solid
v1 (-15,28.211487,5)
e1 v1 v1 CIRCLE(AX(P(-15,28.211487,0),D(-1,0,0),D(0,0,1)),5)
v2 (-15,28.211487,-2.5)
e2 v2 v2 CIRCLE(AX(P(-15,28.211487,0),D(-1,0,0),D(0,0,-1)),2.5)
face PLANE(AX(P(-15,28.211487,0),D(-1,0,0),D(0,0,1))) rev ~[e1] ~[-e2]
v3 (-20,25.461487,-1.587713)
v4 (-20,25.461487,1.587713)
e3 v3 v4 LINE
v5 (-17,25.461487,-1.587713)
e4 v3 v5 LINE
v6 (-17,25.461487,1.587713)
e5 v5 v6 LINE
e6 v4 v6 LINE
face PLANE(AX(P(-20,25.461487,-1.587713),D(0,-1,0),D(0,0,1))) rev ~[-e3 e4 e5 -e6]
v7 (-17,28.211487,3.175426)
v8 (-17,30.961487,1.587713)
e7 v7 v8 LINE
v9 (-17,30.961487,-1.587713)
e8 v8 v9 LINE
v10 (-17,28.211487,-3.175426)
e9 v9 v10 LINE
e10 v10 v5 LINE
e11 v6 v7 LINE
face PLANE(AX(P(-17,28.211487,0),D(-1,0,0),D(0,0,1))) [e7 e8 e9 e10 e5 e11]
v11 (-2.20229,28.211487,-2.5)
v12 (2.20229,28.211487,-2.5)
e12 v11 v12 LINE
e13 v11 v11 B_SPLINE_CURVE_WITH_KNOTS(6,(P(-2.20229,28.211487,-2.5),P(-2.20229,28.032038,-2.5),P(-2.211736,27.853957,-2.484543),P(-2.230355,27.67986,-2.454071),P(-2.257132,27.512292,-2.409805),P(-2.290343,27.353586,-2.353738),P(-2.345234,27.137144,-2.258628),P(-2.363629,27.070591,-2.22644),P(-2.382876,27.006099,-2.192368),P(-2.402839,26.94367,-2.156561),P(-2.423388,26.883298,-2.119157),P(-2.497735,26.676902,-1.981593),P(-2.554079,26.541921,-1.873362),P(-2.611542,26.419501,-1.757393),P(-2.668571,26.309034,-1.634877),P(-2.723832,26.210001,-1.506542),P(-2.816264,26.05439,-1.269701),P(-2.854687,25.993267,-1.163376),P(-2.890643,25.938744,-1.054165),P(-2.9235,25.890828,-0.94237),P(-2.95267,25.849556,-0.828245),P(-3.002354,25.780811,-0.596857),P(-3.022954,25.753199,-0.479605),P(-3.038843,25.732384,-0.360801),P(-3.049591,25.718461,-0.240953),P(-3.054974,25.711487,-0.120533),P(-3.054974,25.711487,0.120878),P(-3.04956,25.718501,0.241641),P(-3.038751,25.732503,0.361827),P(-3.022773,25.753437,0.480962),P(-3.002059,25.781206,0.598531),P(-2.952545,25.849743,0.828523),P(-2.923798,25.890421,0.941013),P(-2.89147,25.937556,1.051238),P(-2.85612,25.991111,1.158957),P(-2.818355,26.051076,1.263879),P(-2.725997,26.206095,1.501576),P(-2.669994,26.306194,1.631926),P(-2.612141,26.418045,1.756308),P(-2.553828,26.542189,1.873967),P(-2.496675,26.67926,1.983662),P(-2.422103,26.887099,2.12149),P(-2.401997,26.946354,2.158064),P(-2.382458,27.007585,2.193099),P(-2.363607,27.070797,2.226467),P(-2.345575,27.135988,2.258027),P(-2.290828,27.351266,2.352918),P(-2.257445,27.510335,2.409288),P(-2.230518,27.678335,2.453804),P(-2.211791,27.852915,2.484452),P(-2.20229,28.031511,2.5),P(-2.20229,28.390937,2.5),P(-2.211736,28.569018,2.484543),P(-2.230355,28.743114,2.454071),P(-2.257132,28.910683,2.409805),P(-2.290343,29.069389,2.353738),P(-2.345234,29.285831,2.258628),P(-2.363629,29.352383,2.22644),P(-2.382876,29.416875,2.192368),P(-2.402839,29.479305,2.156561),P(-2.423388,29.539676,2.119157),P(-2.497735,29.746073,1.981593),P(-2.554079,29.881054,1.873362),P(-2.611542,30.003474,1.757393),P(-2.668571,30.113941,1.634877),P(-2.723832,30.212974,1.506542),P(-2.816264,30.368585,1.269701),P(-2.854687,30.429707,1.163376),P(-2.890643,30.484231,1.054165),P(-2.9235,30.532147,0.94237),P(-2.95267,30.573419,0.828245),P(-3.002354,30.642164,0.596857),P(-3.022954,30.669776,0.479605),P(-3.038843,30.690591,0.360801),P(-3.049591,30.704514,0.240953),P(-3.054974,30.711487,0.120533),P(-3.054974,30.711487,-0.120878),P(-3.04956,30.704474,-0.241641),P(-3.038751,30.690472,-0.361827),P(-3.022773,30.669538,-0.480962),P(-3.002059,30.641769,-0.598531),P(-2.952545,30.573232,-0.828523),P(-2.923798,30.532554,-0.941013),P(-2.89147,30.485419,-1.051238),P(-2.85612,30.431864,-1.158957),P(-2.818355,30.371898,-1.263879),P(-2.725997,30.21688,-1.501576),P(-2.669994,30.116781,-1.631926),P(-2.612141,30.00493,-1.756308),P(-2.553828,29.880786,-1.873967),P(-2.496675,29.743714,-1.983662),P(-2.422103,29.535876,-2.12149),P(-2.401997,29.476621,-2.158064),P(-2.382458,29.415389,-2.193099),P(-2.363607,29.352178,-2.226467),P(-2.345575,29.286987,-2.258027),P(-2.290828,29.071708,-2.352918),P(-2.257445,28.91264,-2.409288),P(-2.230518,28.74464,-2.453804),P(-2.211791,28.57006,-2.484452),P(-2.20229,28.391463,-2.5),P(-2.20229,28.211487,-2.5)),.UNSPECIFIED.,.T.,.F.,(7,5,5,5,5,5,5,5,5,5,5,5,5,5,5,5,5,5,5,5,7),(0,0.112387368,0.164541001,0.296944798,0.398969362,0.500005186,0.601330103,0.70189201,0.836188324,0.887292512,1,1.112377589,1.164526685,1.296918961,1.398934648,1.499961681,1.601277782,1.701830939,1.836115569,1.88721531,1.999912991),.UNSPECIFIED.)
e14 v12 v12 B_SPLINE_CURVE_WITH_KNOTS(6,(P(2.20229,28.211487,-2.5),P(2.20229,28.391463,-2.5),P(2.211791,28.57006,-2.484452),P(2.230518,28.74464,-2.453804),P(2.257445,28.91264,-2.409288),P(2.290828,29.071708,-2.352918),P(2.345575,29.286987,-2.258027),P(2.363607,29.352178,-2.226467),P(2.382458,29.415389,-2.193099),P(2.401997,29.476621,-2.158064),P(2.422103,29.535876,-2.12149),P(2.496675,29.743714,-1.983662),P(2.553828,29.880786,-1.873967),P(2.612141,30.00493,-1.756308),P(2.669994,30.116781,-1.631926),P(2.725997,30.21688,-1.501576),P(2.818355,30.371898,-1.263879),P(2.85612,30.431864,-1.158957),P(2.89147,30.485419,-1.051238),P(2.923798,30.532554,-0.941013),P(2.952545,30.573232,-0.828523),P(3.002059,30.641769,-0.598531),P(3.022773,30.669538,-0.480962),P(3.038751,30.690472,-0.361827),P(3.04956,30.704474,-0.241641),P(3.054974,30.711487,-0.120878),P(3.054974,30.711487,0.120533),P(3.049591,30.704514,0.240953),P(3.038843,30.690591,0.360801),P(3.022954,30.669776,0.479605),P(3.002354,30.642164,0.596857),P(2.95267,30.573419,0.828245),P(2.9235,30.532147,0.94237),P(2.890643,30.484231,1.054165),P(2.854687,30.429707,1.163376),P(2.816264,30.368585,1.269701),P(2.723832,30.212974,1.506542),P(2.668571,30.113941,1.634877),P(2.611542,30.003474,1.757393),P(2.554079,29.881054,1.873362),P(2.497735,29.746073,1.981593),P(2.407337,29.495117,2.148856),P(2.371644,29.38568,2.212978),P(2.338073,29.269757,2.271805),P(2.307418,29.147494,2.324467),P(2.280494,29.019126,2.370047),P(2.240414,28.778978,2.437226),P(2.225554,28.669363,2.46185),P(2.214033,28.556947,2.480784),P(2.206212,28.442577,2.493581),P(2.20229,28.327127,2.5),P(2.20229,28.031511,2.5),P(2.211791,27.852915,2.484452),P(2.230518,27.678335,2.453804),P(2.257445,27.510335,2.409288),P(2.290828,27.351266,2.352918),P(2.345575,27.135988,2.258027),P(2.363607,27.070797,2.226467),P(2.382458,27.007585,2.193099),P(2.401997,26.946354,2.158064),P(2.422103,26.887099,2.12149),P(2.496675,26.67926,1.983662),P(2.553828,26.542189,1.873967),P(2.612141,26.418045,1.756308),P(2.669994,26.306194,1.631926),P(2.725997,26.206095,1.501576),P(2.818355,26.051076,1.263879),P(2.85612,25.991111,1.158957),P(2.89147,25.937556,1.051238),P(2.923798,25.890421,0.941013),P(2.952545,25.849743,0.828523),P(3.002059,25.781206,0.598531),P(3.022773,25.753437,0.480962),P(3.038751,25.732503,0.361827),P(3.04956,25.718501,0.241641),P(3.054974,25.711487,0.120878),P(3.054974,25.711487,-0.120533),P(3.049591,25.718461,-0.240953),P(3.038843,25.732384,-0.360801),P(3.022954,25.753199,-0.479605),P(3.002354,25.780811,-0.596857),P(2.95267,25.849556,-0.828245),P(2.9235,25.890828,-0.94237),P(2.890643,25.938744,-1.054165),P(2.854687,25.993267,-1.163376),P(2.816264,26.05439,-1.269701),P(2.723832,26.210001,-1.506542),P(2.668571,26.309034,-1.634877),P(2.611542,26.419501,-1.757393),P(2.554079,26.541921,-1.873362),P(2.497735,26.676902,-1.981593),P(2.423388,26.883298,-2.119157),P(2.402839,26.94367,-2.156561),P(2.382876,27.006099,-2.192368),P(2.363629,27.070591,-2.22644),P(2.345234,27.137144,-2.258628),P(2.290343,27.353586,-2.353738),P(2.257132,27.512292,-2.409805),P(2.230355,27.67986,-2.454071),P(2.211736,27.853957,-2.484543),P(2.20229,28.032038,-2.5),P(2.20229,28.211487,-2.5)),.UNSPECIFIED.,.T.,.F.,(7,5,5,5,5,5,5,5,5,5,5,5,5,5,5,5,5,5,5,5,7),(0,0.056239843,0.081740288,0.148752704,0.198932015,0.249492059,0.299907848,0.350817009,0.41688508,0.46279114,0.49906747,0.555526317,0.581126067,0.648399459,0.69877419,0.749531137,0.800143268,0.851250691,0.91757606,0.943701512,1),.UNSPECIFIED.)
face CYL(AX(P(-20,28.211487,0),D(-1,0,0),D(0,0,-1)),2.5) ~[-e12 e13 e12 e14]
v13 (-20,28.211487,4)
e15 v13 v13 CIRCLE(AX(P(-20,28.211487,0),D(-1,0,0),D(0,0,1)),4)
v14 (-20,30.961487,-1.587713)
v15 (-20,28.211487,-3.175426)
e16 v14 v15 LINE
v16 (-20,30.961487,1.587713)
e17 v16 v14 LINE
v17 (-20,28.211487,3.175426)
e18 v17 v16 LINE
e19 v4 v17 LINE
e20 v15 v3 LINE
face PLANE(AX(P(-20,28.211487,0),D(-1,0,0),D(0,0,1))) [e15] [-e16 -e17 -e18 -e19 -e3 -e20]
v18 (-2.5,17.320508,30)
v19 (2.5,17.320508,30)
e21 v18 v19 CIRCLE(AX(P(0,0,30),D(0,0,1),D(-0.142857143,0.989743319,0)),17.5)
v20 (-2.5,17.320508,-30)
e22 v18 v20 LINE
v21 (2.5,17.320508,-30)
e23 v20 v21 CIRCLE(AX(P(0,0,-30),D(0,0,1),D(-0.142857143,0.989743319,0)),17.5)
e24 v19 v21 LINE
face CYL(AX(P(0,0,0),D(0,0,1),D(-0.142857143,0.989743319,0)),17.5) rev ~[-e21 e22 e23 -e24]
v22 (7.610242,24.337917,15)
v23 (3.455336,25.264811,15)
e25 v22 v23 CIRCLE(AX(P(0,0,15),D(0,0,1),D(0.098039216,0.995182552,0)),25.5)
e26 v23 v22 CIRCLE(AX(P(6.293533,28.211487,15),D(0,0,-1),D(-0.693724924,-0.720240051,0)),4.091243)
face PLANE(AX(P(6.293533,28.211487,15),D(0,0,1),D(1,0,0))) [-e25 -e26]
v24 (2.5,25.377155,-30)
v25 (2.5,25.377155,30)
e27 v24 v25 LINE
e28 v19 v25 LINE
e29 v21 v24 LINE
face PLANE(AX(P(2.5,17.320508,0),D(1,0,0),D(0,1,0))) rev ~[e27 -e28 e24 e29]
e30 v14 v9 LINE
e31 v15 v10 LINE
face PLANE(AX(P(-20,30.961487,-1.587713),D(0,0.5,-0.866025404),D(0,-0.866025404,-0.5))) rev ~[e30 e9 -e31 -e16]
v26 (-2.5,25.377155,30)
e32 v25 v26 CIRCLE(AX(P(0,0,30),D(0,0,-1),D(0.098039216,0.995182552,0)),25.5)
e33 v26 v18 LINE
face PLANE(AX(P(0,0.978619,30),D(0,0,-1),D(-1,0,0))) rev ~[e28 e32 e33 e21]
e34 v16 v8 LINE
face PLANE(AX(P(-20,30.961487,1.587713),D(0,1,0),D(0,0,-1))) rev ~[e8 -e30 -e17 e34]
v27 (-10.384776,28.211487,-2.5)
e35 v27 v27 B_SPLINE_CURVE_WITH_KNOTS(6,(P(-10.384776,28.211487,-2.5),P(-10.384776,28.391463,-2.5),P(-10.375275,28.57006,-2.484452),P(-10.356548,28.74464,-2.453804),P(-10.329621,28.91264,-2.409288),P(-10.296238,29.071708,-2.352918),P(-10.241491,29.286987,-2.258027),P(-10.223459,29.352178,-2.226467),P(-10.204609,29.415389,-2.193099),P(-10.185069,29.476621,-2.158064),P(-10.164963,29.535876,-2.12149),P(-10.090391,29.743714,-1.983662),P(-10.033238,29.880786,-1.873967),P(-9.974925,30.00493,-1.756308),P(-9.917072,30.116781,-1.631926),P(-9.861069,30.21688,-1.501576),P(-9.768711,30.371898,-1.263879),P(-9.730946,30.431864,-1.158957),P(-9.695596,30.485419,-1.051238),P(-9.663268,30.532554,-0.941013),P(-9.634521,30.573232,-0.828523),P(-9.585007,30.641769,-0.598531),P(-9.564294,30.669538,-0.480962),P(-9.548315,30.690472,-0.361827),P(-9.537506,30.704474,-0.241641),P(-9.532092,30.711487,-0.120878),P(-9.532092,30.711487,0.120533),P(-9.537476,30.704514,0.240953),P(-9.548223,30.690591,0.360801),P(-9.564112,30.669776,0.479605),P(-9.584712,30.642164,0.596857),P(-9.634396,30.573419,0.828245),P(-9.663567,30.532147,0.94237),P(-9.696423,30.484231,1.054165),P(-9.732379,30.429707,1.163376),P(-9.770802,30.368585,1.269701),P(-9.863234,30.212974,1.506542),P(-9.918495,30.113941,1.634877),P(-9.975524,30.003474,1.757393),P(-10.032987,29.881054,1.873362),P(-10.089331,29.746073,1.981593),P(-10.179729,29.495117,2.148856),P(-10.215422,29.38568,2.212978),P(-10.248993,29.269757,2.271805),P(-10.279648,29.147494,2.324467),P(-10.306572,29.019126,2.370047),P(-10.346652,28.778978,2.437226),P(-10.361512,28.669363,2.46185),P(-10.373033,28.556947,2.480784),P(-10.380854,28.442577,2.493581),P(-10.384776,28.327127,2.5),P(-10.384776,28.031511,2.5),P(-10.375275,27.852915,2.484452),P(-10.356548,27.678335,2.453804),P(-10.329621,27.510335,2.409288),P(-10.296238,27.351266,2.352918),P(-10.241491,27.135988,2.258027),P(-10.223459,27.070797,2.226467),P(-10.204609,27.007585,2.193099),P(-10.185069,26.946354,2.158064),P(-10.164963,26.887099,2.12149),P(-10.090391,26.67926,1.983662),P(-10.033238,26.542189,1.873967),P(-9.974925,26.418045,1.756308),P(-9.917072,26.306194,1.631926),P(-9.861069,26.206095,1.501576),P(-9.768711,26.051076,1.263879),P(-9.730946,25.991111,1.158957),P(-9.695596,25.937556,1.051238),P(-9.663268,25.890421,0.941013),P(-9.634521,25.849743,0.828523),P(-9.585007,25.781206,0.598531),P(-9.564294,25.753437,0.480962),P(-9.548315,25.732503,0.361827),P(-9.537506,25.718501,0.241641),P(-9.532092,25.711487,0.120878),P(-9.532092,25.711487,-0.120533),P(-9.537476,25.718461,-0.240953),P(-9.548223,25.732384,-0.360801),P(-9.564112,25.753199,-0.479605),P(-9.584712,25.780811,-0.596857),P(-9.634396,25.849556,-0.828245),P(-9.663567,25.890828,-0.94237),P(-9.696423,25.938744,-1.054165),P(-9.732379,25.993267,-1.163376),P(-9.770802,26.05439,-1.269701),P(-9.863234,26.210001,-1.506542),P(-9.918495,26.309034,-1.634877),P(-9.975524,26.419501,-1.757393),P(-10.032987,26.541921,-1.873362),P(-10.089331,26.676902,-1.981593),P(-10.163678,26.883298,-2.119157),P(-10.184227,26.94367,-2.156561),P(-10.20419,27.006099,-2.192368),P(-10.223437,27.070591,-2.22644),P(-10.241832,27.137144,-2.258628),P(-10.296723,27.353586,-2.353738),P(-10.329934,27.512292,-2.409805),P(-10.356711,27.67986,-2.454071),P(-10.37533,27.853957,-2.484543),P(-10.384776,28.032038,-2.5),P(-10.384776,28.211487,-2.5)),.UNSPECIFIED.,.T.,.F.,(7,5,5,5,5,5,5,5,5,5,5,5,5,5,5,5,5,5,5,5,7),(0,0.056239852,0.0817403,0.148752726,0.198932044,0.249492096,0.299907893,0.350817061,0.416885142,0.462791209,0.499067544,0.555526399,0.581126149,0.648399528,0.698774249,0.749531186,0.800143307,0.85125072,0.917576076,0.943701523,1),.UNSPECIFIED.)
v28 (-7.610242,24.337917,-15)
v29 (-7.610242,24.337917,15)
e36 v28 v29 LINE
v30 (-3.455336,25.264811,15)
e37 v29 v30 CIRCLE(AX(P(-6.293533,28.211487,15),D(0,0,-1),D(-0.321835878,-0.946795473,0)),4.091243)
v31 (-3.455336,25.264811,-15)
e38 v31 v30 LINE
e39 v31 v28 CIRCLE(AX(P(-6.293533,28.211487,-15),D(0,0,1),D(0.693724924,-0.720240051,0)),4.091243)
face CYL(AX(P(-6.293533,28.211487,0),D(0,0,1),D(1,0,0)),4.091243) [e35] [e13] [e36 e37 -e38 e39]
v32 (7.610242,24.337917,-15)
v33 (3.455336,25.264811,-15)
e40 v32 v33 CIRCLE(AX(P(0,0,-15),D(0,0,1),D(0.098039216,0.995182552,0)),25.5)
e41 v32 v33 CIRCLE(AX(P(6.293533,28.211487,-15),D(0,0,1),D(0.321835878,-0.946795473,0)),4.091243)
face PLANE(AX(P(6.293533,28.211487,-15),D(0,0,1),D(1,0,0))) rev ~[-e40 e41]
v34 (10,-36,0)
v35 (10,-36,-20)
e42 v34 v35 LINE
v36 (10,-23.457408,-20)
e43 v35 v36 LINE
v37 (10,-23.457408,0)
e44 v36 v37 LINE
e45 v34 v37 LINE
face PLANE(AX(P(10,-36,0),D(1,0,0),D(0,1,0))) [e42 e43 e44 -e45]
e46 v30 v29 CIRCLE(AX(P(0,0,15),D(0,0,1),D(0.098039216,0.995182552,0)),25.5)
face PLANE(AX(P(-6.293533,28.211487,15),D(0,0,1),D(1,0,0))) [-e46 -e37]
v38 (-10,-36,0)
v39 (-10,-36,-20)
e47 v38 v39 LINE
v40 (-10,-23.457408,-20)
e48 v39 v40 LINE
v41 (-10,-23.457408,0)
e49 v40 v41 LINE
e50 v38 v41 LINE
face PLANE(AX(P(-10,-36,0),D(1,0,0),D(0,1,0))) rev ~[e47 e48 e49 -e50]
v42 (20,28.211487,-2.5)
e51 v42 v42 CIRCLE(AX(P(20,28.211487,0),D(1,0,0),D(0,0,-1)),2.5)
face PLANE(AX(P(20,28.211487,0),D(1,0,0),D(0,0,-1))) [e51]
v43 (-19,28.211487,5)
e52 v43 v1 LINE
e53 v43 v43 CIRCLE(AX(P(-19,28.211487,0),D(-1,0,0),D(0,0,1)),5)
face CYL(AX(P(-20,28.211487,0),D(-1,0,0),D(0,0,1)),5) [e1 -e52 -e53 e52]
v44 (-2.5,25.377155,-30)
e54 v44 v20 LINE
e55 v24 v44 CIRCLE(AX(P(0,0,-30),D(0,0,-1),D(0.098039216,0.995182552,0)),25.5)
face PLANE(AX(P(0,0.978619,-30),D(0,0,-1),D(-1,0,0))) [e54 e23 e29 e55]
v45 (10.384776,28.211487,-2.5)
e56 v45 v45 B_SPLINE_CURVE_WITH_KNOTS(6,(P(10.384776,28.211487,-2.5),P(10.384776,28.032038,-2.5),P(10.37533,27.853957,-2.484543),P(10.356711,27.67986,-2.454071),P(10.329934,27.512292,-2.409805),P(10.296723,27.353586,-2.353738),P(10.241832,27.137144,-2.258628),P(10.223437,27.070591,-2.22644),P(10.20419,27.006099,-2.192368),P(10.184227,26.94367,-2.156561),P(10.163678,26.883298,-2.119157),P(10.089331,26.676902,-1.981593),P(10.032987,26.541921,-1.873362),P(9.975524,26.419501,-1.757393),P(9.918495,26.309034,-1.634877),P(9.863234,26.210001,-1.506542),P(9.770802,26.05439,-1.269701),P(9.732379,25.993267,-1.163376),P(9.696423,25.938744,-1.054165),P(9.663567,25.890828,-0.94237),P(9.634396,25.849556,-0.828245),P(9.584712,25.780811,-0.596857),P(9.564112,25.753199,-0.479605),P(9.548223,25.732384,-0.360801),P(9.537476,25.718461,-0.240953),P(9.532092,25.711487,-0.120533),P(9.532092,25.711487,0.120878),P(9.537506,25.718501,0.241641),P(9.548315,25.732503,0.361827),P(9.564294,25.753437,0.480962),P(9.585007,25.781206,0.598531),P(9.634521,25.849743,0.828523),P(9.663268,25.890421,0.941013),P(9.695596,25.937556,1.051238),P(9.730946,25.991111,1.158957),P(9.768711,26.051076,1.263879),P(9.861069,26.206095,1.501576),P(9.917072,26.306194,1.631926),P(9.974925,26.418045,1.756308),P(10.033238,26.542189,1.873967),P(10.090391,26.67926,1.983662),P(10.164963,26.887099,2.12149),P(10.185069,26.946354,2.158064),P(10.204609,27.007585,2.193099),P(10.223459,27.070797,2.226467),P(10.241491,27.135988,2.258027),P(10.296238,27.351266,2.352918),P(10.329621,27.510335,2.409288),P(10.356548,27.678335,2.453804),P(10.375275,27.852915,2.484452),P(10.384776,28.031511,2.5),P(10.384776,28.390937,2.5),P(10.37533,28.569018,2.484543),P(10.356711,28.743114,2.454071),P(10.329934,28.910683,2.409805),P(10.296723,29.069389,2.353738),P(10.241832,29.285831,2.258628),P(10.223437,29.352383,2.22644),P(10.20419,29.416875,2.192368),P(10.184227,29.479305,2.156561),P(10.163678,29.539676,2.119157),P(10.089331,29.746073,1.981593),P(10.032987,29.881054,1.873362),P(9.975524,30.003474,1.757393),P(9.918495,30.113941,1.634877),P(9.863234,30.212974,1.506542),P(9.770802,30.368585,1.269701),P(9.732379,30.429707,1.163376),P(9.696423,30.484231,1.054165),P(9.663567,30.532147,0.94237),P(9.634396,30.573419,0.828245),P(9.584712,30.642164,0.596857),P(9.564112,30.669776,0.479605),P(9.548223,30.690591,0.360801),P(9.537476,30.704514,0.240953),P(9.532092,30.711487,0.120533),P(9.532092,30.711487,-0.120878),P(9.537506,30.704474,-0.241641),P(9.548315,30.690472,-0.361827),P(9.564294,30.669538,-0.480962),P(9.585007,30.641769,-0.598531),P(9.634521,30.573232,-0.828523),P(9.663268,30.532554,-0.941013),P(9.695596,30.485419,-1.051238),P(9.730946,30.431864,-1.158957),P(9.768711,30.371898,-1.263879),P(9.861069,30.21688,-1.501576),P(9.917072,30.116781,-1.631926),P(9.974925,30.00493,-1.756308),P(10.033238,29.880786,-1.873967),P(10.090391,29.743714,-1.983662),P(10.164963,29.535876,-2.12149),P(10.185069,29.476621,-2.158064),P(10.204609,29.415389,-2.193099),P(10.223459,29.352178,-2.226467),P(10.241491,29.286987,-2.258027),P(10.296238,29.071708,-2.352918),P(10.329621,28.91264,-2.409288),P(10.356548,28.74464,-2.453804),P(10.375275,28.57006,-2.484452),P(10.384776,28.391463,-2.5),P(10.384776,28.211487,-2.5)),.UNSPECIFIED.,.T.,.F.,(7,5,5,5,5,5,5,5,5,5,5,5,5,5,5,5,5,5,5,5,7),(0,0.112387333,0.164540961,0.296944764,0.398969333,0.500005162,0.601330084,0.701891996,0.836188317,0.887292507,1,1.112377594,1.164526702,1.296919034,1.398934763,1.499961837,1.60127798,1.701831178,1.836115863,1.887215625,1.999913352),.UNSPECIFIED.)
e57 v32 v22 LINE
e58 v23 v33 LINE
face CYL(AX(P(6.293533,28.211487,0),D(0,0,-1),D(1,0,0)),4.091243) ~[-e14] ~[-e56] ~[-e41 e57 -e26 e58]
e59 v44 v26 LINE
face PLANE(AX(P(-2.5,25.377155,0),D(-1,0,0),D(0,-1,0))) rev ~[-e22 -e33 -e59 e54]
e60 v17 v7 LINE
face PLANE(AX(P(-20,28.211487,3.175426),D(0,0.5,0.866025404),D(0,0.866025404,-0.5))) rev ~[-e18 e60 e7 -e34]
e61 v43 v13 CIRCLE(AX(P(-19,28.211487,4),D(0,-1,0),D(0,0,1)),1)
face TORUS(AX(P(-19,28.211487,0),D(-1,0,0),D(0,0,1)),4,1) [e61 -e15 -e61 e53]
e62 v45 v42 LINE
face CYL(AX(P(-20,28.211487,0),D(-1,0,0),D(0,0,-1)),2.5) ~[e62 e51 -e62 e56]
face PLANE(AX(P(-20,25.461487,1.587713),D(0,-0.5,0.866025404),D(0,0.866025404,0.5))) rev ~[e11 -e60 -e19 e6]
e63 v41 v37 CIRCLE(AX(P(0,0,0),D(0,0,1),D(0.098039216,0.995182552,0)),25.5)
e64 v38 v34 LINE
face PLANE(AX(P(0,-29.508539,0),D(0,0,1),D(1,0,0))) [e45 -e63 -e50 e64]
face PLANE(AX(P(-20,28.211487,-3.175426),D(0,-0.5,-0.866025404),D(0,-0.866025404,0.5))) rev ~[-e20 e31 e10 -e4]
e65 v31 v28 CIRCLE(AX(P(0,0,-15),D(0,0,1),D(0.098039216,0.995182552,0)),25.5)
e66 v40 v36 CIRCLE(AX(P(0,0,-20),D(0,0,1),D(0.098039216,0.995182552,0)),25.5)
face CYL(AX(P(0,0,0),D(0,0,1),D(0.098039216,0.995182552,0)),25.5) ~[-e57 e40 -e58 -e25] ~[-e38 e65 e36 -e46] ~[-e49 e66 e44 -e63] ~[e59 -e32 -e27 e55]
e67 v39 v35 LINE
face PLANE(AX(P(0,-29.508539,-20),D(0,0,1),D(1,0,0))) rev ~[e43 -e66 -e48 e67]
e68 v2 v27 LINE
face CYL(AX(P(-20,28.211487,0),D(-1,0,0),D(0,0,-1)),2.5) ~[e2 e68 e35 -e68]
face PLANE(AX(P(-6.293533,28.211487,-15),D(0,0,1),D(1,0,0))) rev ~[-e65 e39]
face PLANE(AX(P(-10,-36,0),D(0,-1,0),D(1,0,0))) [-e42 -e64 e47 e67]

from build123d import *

# Parameters (mm, degrees)
BOSS_EXTRUDE1_DEPTH      = 30
SKETCH2_R                = 4.091242679
BOSS_EXTRUDE2_DEPTH      = 15
SKETCH3_W                = 20
SKETCH3_H                = 12.982921918
BOSS_EXTRUDE3_DEPTH      = 20
BOSS_EXTRUDE5_DEPTH      = 20
BOSS_EXTRUDE5_DEPTH_BACK = 20
SKETCH5_R                = 2.5
SKETCH6_R                = 5
BOSS_EXTRUDE6_DEPTH      = 5
CUT_EXTRUDE1_DEPTH       = 3
FILLET2_R                = 1


with BuildPart() as part:
    # Sketch1 → Boss-Extrude1 (new, symmetric)
    with BuildSketch(Plane.XY):
        with BuildLine():
            Line((-2.5, 25.377155081), (-2.5, 17.320508076))
            ThreePointArc((-2.5, 17.320508076), (0, -17.5), (2.5, 17.320508076))
            Line((2.5, 17.320508076), (2.5, 25.377155081))
            ThreePointArc((2.5, 25.377155081), (0, -25.5), (-2.5, 25.377155081))
        make_face()
    extrude(amount=BOSS_EXTRUDE1_DEPTH, both=True)

    # Sketch2 → Boss-Extrude2 (add, symmetric)
    with BuildSketch(Plane.XY):
        with Locations((6.293533022, 28.211487403)):
            Circle(SKETCH2_R)
        with Locations((-6.293533022, 28.211487403)):
            Circle(SKETCH2_R)
    extrude(amount=BOSS_EXTRUDE2_DEPTH, both=True)

    # Sketch3 → Boss-Extrude3 (add)
    with BuildSketch(Plane.XY):
        with Locations((0, -29.508539041)):
            Rectangle(SKETCH3_W, SKETCH3_H)
    extrude(amount=-BOSS_EXTRUDE3_DEPTH)

    # Sketch5 → Boss-Extrude5 (add, two sides: drawn at the far end of the back side and taken through both)
    with BuildSketch(Plane(origin=(0, 0, 0), x_dir=(0, 0, -1), z_dir=(1, 0, 0)).offset(-BOSS_EXTRUDE5_DEPTH_BACK)):
        with Locations((0, 28.211487403)):
            Circle(SKETCH5_R)
    extrude(amount=BOSS_EXTRUDE5_DEPTH + BOSS_EXTRUDE5_DEPTH_BACK)

    # Sketch6 → Boss-Extrude6 (add)
    with BuildSketch(Plane.ZY.offset(20)):
        with Locations((0, 28.211487403)):
            Circle(SKETCH6_R)
    extrude(amount=-BOSS_EXTRUDE6_DEPTH)

    # Sketch7 → Cut-Extrude1 (cut)
    with BuildSketch(Plane.ZY.offset(20)):
        Polygon((1.58771324, 25.461487403), (3.175426481, 28.211487403), (1.58771324, 30.961487403), (-1.58771324, 30.961487403), (-3.175426481, 28.211487403), (-1.58771324, 25.461487403), align=None)
    extrude(amount=-CUT_EXTRUDE1_DEPTH, mode=Mode.SUBTRACT)

    # Fillet2
    fillet2_edges = [part.edges().sort_by_distance(p)[0] for p in [
        (-20, 28.211487403, -5),
    ]]
    fillet(fillet2_edges, radius=FILLET2_R)


solid = part.part
